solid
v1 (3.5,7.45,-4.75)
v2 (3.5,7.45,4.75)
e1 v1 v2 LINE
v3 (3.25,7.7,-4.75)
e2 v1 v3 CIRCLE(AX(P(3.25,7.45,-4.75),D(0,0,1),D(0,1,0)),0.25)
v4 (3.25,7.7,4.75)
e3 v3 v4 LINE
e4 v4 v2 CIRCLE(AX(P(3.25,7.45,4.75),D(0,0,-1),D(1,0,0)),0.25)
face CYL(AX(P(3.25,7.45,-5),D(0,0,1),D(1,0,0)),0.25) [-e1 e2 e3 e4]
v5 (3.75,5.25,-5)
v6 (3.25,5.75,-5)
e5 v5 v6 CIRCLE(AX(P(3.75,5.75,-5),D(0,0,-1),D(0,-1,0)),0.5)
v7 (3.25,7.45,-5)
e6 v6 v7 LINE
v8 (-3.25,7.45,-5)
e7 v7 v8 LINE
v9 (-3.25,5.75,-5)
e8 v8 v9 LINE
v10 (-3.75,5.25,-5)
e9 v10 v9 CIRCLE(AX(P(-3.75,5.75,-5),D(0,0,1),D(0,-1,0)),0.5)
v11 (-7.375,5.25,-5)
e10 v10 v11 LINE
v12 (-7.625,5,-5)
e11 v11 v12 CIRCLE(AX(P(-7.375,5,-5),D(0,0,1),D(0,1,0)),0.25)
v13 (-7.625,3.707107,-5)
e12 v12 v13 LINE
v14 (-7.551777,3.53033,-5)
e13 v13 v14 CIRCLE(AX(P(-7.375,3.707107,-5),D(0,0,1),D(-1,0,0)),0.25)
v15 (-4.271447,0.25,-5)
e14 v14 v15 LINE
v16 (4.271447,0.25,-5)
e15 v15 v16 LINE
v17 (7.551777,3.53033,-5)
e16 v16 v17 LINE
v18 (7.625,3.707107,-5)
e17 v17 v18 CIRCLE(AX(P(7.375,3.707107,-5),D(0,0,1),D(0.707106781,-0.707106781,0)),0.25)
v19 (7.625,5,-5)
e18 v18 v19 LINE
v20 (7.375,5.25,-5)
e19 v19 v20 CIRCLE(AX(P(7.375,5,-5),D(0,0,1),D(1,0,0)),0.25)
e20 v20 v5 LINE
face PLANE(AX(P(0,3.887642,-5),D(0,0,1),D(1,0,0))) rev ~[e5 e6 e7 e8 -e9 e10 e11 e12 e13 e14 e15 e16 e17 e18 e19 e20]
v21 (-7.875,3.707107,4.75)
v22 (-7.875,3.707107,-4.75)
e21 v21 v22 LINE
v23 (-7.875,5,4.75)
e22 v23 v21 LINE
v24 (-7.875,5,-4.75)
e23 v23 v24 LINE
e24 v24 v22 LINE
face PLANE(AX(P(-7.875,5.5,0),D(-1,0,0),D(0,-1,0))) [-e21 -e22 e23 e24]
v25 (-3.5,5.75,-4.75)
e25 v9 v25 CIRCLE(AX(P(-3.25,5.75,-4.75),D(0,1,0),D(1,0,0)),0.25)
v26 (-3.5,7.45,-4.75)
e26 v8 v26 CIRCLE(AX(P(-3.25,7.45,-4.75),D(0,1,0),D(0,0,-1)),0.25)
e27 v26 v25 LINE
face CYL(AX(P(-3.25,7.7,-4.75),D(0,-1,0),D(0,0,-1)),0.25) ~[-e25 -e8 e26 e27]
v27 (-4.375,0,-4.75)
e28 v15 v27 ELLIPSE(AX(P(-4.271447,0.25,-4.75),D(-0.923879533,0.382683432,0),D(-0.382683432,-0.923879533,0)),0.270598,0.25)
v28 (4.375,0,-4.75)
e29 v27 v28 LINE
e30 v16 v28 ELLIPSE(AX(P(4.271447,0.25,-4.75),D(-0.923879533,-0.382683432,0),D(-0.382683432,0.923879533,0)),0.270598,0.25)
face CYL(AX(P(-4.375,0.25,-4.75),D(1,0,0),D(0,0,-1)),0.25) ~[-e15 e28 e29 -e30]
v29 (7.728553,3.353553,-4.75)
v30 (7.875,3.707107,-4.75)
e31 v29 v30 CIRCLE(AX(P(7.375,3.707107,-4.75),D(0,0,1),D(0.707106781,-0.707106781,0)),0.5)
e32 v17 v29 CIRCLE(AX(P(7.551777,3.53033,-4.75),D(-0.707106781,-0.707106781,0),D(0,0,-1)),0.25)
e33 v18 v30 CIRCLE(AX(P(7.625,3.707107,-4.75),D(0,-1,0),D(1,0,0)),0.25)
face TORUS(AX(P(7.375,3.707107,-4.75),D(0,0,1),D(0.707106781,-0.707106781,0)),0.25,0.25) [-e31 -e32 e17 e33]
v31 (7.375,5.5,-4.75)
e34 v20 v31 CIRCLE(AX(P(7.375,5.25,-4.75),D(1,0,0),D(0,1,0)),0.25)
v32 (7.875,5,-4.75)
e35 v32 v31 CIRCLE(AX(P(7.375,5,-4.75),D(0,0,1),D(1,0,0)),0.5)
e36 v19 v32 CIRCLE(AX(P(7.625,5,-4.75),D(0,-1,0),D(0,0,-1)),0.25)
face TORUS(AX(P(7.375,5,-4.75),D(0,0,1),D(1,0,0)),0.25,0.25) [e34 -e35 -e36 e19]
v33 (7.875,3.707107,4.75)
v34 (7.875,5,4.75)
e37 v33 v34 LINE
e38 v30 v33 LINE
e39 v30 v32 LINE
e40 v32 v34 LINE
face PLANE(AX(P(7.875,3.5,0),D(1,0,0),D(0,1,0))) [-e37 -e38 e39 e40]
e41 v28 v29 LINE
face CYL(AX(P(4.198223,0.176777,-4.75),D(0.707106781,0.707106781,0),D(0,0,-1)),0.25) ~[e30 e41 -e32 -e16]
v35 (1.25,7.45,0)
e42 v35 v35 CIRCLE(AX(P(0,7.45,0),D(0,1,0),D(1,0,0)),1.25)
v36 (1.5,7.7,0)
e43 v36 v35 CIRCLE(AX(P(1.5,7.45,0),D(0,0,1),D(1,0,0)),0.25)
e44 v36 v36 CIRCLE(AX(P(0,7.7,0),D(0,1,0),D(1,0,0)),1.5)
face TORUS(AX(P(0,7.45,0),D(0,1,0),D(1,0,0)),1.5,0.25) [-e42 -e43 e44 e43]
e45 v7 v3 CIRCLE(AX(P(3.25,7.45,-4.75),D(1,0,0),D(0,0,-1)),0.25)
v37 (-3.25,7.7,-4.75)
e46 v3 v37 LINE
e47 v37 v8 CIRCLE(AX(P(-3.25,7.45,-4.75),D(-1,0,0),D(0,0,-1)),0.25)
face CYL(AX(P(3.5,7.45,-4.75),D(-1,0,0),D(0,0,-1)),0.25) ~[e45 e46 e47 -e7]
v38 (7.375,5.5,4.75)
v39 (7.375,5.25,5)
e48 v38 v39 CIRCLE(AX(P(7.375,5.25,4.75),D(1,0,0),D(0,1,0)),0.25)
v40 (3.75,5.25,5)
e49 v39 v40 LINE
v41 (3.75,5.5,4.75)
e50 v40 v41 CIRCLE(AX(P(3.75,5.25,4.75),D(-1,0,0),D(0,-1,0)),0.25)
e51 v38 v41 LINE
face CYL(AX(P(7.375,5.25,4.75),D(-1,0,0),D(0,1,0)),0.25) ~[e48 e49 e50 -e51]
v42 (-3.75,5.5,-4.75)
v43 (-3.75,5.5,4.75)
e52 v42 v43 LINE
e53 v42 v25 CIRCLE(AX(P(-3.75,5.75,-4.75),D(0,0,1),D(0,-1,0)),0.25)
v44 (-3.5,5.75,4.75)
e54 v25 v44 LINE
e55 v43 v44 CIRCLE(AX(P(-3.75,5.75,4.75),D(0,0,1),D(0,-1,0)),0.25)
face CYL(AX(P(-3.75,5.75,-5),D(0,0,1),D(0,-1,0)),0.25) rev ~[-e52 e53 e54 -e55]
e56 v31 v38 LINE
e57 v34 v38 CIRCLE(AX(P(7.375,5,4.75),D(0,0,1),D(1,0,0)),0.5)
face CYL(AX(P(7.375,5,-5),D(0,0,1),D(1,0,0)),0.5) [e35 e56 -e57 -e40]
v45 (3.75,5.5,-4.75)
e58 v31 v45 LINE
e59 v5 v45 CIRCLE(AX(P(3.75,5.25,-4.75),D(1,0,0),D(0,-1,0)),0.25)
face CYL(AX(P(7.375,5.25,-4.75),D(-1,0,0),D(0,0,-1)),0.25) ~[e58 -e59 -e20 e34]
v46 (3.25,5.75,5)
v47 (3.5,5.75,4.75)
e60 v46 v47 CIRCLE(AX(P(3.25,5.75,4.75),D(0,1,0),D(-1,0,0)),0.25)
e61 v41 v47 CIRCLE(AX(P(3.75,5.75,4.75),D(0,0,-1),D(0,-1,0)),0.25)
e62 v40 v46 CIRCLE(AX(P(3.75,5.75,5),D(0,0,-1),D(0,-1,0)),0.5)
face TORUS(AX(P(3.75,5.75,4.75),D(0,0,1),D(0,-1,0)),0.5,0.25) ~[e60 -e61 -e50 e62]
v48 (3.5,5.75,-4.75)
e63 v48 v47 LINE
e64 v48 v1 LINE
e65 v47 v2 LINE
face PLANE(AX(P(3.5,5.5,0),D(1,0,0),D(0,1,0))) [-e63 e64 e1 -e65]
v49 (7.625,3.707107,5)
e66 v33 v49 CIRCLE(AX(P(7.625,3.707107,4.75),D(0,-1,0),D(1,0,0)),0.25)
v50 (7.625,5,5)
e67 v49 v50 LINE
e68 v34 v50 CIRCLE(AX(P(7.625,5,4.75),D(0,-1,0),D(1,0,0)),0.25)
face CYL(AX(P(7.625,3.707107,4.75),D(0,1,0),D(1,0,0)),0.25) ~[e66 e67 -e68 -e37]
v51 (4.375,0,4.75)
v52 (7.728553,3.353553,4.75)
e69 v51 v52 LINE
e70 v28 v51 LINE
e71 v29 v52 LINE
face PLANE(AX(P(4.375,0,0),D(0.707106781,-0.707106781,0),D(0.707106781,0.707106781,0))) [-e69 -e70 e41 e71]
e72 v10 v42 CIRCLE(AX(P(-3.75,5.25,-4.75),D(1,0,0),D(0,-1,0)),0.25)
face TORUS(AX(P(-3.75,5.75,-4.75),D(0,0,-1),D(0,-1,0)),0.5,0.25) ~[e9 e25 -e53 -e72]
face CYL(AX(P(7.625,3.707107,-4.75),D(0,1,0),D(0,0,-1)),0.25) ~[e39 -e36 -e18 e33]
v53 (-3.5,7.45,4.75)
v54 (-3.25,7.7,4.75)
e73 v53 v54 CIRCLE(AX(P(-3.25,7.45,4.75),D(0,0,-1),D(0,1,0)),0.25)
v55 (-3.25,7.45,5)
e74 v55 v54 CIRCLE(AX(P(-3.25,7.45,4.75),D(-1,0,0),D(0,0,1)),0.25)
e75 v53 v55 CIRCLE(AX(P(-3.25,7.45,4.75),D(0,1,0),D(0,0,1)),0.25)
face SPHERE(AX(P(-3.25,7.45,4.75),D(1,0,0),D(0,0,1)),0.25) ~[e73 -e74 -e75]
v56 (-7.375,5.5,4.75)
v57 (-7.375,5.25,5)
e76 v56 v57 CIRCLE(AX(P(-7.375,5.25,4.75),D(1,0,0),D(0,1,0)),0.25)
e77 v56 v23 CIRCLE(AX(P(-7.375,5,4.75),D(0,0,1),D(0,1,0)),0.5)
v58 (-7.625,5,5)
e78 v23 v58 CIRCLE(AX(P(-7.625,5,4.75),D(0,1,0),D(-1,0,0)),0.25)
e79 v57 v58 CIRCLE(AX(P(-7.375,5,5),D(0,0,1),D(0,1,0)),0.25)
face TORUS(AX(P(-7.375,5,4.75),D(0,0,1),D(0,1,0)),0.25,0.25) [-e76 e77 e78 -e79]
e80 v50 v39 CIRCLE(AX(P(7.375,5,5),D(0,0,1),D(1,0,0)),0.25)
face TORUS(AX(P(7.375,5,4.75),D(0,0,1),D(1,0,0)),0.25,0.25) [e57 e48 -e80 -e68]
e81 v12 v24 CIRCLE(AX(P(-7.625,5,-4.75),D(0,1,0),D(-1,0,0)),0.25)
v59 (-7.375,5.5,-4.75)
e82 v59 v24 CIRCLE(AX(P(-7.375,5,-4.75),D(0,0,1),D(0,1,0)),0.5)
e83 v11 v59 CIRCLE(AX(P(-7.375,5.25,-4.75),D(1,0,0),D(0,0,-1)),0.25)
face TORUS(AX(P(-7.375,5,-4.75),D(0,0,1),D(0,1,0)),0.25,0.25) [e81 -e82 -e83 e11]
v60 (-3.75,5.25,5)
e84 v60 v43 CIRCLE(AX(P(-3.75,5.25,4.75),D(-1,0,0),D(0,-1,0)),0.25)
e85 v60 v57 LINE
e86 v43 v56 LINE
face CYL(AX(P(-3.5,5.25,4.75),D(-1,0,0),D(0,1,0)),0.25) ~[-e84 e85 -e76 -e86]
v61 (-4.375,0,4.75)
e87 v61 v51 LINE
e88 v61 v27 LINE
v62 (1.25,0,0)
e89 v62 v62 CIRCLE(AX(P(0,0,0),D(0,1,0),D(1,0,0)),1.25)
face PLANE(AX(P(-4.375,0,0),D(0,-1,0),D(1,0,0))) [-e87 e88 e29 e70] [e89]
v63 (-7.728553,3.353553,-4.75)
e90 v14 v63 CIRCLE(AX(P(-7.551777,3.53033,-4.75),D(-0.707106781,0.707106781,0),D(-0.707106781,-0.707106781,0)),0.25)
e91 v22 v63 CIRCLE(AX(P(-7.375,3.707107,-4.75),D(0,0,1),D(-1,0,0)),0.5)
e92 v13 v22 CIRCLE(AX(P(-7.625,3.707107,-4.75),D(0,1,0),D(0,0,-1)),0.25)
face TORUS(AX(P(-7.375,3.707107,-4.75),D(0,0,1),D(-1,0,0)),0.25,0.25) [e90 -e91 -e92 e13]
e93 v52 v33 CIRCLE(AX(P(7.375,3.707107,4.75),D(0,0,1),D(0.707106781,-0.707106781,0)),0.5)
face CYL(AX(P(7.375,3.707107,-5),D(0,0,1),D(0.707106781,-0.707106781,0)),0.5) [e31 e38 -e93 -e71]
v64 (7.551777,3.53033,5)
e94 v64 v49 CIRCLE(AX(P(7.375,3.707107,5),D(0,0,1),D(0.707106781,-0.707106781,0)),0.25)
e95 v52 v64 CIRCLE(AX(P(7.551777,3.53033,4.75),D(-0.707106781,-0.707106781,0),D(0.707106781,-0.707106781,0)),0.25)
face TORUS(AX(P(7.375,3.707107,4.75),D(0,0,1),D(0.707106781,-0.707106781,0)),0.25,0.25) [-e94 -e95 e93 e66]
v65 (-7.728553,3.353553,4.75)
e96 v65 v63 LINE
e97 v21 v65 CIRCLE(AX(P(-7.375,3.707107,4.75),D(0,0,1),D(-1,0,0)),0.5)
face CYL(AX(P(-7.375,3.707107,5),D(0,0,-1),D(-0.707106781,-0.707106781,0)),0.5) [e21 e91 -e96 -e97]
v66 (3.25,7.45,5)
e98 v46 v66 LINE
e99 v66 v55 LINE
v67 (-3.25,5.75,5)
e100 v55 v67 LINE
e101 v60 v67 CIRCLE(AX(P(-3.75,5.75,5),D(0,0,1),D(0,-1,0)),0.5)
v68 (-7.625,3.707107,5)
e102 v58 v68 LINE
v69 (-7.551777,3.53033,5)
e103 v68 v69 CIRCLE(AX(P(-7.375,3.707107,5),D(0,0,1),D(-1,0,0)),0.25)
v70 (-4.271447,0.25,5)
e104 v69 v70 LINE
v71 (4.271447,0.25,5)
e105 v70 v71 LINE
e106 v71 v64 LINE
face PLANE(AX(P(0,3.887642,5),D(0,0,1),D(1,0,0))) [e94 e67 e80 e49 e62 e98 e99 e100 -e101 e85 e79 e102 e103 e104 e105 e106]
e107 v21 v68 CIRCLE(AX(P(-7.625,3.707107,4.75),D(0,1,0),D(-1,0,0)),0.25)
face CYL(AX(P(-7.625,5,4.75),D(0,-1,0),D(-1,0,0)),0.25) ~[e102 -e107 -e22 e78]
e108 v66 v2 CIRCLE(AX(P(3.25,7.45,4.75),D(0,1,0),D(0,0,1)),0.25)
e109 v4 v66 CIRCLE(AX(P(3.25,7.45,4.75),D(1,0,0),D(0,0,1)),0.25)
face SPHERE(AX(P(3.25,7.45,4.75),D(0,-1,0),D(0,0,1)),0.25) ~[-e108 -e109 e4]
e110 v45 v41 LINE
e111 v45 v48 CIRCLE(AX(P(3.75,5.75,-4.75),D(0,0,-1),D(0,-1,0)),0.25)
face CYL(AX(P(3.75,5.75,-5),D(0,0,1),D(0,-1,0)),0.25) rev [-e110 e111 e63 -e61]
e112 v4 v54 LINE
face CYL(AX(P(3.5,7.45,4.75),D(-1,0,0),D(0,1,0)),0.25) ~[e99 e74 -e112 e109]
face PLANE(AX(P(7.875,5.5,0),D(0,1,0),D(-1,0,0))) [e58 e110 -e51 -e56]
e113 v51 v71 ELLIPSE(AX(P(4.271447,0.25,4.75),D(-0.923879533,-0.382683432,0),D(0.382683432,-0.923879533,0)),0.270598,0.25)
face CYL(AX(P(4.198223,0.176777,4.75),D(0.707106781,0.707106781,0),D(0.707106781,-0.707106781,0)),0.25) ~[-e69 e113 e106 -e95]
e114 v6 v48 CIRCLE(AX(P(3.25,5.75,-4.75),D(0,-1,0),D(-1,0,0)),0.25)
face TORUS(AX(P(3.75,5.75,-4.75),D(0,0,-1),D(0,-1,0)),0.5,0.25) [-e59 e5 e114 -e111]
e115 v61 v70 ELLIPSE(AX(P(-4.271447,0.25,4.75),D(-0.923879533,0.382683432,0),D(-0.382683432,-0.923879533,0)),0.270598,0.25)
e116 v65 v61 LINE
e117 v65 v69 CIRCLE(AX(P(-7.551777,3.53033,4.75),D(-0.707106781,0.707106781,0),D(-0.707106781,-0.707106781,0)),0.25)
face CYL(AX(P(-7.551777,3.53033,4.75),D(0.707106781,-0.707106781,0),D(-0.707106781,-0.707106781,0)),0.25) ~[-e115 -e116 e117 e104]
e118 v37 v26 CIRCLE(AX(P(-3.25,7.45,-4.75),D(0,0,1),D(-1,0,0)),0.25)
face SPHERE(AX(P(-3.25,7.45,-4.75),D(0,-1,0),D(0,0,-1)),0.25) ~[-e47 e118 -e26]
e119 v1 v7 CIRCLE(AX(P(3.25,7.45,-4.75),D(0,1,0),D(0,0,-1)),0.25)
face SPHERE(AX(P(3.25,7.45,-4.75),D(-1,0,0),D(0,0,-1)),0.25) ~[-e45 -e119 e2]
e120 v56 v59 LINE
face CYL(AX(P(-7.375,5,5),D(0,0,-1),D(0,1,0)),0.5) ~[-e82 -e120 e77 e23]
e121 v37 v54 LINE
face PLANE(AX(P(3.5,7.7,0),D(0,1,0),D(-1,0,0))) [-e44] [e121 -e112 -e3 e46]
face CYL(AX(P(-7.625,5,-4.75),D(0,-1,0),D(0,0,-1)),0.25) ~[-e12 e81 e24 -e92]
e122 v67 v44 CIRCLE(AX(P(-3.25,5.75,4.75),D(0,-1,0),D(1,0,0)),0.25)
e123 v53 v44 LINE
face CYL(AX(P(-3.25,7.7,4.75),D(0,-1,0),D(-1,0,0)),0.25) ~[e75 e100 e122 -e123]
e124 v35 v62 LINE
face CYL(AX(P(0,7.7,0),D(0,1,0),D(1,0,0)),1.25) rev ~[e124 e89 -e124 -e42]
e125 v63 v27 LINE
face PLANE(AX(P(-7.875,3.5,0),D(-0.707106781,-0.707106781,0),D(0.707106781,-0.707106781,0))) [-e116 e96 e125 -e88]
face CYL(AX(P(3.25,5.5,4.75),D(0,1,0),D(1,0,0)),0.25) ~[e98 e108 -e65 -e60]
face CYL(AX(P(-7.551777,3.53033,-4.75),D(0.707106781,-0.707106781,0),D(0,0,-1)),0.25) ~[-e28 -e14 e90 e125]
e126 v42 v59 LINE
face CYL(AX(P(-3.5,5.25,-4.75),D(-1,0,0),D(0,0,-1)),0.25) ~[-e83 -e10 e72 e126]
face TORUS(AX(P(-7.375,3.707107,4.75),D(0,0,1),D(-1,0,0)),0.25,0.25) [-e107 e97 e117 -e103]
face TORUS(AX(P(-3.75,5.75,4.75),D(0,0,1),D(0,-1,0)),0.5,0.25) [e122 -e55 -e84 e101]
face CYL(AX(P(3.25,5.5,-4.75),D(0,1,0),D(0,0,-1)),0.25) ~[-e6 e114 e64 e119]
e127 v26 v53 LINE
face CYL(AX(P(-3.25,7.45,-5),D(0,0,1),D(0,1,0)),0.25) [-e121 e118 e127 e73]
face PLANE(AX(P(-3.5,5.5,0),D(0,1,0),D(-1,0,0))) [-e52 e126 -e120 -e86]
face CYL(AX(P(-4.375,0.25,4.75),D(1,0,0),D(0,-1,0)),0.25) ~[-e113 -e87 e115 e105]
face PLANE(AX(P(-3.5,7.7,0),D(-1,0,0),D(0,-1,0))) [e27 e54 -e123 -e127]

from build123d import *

# Parameters (mm, degrees)
BOSS_EXTRUDE1_DEPTH = 5
SKETCH2_R           = 1.25
CUT_EXTRUDE1_DEPTH  = 8.7
FILLET1_R           = 0.5
FILLET2_R           = 0.25


with BuildPart() as part:
    # Sketch1 → Boss-Extrude1 (new body, symmetric)
    with BuildSketch(Plane.XY):
        Polygon((-4.375, 0), (4.375, 0), (7.875, 3.5), (7.875, 5.5), (3.5, 5.5), (3.5, 7.7), (-3.5, 7.7), (-3.5, 5.5), (-7.875, 5.5), (-7.875, 3.5), align=None)
    extrude(amount=BOSS_EXTRUDE1_DEPTH, both=True)

    # Sketch2 → Cut-Extrude1 (cut, through all)
    with BuildSketch(Plane(origin=(0, 7.7, 0), x_dir=(1, 0, 0), z_dir=(0, 1, 0))):
        Circle(SKETCH2_R)
    extrude(amount=-CUT_EXTRUDE1_DEPTH, mode=Mode.SUBTRACT)

    # Fillet1
    fillet1_edges = [part.edges().sort_by_distance(p)[0] for p in [
        (7.875, 3.5, 0),
        (-7.875, 3.5, 0),
        (-7.875, 5.5, 0),
        (7.875, 5.5, 0),
    ]]
    fillet(fillet1_edges, radius=FILLET1_R)

    # Fillet2
    fillet2_edges = [part.edges().sort_by_distance(p)[0] for p in [
        (3.5, 6.6, 5),
        (-5.4375, 5.5, -5),
        (-3.5, 6.6, -5),
        (0, 7.7, -5),
        (3.5, 6.6, -5),
        (0, 7.7, 5),
        (-3.5, 6.6, 5),
        (-3.5, 5.5, 0),
        (-3.5, 7.7, 0),
        (3.5, 7.7, 0),
        (3.5, 5.5, 0),
        (-5.4375, 5.5, 5),
        (0, 0, 5),
        (-1.25, 7.7, 0),
        (6.051776695, 1.676776695, 5),
        (7.875, 4.353553391, -5),
        (7.875, 4.353553391, 5),
        (-6.051776695, 1.676776695, -5),
        (-7.875, 4.353553391, -5),
        (5.4375, 5.5, -5),
        (-7.728553391, 5.353553391, -5),
        (-7.836939766, 3.515765065, -5),
        (7.728553391, 5.353553391, -5),
        (7.836939766, 3.515765065, -5),
        (5.4375, 5.5, 5),
        (-7.875, 4.353553391, 5),
        (-6.051776695, 1.676776695, 5),
        (-7.728553391, 5.353553391, 5),
        (-7.836939766, 3.515765065, 5),
        (7.728553391, 5.353553391, 5),
        (7.836939766, 3.515765065, 5),
        (6.051776695, 1.676776695, -5),
        (0, 0, -5),
    ]]
    fillet(fillet2_edges, radius=FILLET2_R)


solid = part.part
